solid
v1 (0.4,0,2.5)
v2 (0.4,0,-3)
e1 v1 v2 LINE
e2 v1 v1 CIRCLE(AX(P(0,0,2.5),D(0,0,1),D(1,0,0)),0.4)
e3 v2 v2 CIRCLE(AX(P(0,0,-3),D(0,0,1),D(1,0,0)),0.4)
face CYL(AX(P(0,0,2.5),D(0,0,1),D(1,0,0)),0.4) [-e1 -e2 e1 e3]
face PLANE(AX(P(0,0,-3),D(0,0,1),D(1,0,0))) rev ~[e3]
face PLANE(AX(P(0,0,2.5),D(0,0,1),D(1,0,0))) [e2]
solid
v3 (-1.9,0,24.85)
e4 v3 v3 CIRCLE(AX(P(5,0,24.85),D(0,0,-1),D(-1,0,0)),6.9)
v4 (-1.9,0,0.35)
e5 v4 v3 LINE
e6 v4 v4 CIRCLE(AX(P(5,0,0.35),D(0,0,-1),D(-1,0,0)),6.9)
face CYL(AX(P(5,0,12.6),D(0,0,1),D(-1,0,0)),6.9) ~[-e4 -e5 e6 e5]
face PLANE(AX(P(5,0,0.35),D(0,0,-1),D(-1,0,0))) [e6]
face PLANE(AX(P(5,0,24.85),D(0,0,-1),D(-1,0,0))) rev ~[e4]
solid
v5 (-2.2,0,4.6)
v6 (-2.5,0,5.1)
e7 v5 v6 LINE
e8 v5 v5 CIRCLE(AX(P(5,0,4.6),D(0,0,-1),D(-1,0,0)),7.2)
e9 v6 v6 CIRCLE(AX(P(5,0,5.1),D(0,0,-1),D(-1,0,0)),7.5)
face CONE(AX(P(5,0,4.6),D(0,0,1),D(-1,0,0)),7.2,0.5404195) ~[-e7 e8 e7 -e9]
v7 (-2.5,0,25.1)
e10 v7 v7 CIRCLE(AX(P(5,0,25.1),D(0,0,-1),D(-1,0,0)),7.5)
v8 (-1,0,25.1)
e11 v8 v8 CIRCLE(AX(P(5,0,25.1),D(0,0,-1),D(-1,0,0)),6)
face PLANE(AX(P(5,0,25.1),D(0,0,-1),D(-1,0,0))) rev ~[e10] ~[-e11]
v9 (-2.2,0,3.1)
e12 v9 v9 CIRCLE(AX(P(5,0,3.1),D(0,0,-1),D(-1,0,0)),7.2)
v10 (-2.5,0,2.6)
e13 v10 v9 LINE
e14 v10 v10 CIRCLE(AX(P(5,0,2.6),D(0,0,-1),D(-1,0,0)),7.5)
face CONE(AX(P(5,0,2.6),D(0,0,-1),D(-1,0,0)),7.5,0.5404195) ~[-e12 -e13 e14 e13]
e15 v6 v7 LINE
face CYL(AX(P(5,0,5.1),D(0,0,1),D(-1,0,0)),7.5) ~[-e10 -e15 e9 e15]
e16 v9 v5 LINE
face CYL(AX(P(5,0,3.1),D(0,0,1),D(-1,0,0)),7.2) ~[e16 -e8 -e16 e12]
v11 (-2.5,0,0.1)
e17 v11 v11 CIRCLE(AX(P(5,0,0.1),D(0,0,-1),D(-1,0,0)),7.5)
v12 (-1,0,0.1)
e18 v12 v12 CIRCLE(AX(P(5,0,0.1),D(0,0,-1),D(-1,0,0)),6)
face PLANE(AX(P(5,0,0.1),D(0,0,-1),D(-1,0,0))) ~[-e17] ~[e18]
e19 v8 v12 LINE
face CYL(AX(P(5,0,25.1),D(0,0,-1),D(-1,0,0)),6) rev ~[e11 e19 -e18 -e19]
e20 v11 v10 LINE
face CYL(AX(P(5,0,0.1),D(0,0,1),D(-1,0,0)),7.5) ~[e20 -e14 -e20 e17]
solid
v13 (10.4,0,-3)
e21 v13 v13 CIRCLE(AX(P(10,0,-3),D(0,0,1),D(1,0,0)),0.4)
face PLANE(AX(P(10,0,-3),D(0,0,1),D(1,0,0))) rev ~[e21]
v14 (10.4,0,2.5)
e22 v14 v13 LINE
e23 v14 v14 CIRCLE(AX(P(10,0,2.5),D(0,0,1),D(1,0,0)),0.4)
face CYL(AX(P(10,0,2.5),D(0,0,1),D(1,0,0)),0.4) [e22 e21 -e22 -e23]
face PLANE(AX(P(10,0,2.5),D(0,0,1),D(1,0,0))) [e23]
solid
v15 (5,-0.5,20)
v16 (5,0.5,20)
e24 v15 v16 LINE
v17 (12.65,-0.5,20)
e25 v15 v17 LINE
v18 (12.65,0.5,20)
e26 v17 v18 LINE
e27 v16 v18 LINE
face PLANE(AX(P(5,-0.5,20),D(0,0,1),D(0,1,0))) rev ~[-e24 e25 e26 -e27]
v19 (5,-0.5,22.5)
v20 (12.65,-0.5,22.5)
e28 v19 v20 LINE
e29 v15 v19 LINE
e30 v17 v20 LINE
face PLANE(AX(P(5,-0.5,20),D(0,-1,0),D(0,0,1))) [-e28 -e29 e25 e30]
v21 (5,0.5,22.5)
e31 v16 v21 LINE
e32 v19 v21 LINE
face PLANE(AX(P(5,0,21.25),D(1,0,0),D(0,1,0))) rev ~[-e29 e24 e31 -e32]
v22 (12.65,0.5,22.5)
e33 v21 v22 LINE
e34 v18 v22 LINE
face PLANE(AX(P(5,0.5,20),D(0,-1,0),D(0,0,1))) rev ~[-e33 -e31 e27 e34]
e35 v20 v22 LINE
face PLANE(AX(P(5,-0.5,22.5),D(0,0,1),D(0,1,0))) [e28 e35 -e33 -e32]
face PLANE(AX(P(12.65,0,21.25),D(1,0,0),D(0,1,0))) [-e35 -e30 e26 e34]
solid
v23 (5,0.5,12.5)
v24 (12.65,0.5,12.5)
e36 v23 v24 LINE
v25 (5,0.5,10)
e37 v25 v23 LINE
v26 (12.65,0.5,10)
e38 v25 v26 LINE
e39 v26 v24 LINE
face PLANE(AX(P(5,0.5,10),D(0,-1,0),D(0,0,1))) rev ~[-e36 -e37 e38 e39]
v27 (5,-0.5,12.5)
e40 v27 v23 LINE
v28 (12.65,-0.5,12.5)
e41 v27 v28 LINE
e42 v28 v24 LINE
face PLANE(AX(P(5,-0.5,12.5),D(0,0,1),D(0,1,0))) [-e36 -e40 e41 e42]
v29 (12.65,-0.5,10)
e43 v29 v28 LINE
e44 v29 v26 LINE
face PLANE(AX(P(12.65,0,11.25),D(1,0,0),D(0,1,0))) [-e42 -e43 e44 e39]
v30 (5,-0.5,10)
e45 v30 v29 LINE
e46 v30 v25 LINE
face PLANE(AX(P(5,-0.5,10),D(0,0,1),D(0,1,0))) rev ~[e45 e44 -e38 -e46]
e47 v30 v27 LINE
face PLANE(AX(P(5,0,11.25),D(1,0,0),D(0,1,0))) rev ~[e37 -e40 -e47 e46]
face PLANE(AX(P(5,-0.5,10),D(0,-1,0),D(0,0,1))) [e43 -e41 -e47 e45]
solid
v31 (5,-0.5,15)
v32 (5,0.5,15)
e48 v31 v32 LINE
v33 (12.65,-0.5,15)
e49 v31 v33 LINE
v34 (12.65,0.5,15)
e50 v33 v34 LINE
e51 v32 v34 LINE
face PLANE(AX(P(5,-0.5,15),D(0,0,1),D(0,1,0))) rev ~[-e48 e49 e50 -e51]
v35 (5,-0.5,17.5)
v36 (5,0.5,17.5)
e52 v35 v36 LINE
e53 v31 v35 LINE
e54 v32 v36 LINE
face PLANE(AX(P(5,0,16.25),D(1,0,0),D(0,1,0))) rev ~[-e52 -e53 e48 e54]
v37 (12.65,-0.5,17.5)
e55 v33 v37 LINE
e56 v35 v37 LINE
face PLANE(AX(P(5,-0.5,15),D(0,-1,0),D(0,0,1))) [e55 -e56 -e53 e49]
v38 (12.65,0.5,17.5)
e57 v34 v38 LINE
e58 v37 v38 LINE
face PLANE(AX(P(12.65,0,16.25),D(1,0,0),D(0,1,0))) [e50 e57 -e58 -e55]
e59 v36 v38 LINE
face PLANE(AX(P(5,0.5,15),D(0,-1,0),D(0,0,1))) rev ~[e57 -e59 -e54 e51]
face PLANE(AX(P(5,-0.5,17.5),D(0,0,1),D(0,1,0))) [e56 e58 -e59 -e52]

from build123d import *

# Parameters (mm, degrees)
SKETCH002_W  = 6.9
SKETCH002_H  = 24.5
SKETCH003_R  = 0.4
PAD_DEPTH    = 5.5
SKETCH004_W  = 1
SKETCH004_H  = 2.5
PAD001_DEPTH = 7.65


with BuildPart() as revolution:
    # Sketch → Revolution (revolve)
    with BuildSketch(Plane.XZ):
        Polygon((-2.5, 0.1), (-2.5, 2.6), (-2.2, 3.1), (-2.2, 4.6), (-2.5, 5.1), (-2.5, 25.1), (-1, 25.1), (-1, 0.1), align=None)
    revolve(axis=Axis((5, 0, 7.548619), (0, 0, -1)))


with BuildPart() as revolution001:
    # Sketch002 → Revolution001 (revolve)
    with BuildSketch(Plane.XZ):
        with Locations((1.55, 12.6)):
            Rectangle(SKETCH002_W, SKETCH002_H)
    revolve(axis=Axis((5, 0, 4.680116), (0, 0, -1)))


with BuildPart() as pad:
    # Sketch003 → Pad (new body)
    with BuildSketch(Plane.XY.offset(2.5)):
        Circle(SKETCH003_R)
        with Locations((10, 0)):
            Circle(SKETCH003_R)
    extrude(amount=-PAD_DEPTH)


with BuildPart() as pad001:
    # Sketch004 → Pad001 (new body)
    with BuildSketch(Plane.YZ.offset(5)):
        with Locations((0, 11.25)):
            Rectangle(SKETCH004_W, SKETCH004_H)
        with Locations((0, 16.25)):
            Rectangle(SKETCH004_W, SKETCH004_H)
        with Locations((0, 21.25)):
            Rectangle(SKETCH004_W, SKETCH004_H)
    extrude(amount=PAD001_DEPTH)


solid = Compound([revolution.part, revolution001.part, pad.part, pad001.part])
